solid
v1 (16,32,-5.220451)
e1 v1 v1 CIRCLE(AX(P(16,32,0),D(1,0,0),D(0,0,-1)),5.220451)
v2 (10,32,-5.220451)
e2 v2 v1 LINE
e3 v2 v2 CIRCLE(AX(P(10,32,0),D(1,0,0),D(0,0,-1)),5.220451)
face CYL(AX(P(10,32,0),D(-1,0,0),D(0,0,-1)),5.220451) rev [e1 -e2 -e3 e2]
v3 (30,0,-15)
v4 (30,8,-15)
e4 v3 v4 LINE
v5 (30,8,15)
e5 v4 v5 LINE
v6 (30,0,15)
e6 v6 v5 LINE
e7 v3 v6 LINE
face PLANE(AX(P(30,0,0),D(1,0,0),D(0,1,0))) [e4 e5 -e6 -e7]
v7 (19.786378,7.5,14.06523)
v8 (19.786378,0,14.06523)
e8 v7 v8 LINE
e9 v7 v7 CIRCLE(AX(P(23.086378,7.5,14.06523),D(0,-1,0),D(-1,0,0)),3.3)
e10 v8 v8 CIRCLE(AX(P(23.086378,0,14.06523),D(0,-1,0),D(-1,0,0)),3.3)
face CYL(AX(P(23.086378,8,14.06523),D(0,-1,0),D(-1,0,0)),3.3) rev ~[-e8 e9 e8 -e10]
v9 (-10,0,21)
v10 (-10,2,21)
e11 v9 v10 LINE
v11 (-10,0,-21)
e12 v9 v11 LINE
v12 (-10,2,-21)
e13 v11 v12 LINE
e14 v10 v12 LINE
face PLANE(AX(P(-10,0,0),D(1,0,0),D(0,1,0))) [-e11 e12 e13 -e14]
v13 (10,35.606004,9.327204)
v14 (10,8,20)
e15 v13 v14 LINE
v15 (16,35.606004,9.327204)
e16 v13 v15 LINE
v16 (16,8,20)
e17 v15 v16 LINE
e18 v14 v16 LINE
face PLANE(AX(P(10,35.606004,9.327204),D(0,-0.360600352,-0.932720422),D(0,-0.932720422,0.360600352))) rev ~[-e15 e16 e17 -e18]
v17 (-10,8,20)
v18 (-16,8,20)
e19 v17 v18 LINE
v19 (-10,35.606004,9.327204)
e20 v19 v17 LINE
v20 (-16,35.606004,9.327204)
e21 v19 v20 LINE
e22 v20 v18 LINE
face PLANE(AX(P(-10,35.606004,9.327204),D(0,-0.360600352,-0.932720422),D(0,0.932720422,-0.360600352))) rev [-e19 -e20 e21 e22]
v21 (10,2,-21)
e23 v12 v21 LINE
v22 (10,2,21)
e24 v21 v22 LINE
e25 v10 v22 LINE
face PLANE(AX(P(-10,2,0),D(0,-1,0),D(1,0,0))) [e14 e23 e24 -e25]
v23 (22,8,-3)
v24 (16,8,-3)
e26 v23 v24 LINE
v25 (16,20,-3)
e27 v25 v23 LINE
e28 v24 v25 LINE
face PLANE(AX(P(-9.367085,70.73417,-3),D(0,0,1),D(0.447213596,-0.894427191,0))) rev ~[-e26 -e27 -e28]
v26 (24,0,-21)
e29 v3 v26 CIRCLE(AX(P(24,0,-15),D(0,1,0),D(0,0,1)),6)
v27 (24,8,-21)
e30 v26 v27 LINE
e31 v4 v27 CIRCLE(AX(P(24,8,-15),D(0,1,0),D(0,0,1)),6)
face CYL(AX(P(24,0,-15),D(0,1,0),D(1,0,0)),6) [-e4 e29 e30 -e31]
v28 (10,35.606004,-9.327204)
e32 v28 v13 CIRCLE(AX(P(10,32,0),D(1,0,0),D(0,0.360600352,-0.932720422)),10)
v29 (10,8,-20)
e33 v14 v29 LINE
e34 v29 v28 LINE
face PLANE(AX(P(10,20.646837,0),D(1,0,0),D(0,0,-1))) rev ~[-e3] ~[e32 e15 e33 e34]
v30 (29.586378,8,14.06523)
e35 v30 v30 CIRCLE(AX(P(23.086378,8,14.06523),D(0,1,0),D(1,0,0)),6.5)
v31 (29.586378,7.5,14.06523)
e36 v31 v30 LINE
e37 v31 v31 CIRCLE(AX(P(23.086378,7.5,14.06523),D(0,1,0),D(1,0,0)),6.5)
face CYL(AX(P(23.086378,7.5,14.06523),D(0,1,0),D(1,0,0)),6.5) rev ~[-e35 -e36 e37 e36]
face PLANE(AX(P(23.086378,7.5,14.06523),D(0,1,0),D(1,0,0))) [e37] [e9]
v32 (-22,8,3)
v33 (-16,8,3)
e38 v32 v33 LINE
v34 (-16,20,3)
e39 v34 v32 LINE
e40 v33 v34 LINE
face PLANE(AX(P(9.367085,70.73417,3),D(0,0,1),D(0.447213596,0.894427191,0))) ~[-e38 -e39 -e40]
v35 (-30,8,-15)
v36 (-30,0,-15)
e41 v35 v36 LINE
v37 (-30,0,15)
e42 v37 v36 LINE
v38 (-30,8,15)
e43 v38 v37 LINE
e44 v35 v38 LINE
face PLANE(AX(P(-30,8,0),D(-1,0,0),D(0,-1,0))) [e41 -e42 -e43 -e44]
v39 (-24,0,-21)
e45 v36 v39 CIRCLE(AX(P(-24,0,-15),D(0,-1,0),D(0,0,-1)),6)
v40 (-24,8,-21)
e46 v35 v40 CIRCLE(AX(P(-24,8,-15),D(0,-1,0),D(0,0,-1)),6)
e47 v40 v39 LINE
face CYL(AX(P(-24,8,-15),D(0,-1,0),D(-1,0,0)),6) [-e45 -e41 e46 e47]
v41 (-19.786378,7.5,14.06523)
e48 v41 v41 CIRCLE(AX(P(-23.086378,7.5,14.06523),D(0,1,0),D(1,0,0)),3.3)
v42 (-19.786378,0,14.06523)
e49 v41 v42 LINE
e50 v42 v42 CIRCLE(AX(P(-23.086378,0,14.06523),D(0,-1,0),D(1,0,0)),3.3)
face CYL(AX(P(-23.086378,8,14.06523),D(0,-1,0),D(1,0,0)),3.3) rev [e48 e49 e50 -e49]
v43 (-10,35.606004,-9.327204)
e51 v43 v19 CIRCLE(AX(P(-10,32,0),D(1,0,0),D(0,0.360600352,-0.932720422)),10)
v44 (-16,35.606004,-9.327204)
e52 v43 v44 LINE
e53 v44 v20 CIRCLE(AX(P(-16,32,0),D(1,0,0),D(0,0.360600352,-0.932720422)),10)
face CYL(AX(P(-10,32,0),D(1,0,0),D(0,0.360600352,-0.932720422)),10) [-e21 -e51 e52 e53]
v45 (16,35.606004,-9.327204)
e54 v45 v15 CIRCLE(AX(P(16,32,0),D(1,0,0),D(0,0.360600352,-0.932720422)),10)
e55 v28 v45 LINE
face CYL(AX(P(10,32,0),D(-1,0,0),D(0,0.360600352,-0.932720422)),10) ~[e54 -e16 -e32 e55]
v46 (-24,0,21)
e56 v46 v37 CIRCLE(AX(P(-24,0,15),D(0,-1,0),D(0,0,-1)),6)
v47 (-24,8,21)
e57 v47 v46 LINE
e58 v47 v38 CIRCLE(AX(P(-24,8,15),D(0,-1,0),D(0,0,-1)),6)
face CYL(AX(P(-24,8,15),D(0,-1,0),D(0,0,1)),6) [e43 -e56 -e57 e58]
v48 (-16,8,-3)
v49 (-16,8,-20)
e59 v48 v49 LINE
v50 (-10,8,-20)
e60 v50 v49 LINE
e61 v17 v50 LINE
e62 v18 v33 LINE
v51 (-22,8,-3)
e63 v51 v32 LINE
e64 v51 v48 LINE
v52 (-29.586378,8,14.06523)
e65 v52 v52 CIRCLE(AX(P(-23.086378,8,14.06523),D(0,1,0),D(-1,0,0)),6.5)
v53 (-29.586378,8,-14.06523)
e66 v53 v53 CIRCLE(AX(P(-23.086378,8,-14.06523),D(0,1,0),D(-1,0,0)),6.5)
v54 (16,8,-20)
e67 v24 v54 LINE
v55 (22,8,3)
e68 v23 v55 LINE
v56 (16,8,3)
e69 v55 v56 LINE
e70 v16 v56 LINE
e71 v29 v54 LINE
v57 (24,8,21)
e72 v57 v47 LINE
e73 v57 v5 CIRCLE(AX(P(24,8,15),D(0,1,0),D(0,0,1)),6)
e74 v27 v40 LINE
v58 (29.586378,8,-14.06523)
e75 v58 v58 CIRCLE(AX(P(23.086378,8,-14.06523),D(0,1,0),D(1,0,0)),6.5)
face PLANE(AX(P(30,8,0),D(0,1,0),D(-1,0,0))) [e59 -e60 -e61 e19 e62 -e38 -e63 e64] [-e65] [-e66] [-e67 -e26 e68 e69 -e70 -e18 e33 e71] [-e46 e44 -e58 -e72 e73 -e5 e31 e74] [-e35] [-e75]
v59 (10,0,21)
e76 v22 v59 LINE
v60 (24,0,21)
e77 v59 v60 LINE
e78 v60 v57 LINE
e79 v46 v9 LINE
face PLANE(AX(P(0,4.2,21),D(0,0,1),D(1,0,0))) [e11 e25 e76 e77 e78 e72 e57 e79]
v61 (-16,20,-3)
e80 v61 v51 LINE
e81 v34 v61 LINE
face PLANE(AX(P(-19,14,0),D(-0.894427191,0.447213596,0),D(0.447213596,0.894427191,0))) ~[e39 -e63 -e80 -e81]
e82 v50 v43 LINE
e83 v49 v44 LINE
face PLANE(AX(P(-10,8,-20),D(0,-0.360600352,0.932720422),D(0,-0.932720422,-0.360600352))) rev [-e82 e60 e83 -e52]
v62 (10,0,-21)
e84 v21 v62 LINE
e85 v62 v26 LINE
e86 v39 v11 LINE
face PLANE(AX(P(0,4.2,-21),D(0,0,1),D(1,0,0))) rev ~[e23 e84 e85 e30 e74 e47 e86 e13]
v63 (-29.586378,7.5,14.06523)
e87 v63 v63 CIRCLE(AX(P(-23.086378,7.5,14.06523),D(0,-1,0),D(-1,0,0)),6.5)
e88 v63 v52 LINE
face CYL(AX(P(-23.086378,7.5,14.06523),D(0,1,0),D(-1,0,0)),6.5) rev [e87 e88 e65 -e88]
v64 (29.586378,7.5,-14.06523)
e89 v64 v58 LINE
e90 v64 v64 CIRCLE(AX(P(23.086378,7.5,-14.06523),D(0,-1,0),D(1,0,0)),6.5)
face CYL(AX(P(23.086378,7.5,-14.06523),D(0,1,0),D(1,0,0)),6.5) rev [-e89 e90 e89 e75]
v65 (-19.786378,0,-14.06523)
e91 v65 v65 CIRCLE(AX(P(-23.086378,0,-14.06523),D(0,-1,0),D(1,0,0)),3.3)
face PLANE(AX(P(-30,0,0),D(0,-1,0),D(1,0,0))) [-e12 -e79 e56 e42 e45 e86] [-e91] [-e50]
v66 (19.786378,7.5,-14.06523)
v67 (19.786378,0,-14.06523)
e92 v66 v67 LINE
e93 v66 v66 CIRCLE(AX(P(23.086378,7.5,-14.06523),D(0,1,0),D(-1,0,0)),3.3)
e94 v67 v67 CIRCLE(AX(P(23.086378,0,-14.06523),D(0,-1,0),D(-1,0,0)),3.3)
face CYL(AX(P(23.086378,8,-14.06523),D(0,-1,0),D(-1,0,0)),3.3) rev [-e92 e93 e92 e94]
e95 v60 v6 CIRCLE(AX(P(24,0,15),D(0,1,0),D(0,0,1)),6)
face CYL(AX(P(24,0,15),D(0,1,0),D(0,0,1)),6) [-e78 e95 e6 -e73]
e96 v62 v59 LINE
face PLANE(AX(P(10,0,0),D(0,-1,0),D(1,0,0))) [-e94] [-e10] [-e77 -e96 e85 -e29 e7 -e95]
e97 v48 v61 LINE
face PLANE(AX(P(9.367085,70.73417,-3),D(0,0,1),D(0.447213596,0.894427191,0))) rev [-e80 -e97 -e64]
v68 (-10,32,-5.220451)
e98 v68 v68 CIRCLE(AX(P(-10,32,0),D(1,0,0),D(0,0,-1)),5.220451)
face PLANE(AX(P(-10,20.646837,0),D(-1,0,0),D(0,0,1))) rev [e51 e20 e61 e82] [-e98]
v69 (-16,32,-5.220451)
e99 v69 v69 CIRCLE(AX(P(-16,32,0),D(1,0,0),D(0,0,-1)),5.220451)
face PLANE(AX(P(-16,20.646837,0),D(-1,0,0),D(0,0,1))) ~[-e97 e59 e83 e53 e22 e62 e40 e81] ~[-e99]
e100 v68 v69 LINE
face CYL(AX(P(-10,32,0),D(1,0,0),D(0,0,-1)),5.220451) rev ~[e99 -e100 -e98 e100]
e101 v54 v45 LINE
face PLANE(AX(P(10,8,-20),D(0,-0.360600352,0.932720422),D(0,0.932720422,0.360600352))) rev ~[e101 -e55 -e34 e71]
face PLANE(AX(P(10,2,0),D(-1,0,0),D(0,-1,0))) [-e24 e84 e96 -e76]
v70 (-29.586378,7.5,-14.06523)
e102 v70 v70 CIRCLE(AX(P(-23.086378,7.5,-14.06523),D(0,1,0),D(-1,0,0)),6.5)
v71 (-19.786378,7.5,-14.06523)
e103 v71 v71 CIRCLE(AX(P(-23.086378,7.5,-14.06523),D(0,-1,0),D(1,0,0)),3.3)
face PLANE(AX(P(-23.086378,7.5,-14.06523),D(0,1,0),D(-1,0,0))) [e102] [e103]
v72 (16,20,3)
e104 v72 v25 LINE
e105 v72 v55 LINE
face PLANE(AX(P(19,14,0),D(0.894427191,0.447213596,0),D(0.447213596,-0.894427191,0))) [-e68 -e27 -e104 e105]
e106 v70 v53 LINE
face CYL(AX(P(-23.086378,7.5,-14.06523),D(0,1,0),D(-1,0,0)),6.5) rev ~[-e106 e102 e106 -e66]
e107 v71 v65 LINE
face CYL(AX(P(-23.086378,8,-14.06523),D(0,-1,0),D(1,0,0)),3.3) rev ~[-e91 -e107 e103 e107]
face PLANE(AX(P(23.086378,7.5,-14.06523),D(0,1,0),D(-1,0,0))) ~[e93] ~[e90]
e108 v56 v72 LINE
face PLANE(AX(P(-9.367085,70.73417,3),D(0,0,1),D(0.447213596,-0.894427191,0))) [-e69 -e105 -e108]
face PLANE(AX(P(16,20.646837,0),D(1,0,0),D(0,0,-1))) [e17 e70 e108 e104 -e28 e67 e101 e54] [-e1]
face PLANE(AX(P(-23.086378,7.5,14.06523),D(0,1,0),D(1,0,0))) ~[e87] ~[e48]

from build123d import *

# Parameters (mm, degrees)
EXTRUDE_1_DEPTH             = 21
EXTRUDE_START               = 4
SKETCH_2_R                  = 5.220451321
EXTRUDE_3_DEPTH             = 6
RIB_1_REACH                 = 57.723
SKETCH_6_WALL_W             = 126.861461592
SKETCH_6_WALL_H             = 6
FILLET_1_R                  = 6
FILLET_2_R                  = 6
HOLE_WIZARD_C_3_D           = 6.6
HOLE_WIZARD_C_3_CBORE_D     = 13
HOLE_WIZARD_C_3_CBORE_DEPTH = 0.5
FILLET_3_R                  = 6
FILLET_4_R                  = 6
MIRROR_6_COPY_1_D           = 6.6
MIRROR_6_COPY_1_CBORE_D     = 13
MIRROR_6_COPY_1_CBORE_DEPTH = 0.5
MIRROR_6_COPY_2_D           = 6.6
MIRROR_6_COPY_2_CBORE_D     = 13
MIRROR_6_COPY_2_CBORE_DEPTH = 0.5


with BuildPart() as part:
    # 草图1 → 凸台-拉伸1 (new, symmetric)
    with BuildSketch(Plane.XY):
        Polygon((-10, 2), (10, 2), (10, 0), (30, 0), (30, 8), (-30, 8), (-30, 0), (-10, 0), align=None)
    extrude(amount=EXTRUDE_1_DEPTH, both=True)

    # 草图2 → 凸台-拉伸3 (add)
    with BuildSketch(Plane(origin=(6, 0, 0), x_dir=(0, 0, -1), z_dir=(1, 0, 0)).offset(EXTRUDE_START)):
        with BuildLine():
            Line((-20, 8), (20, 8))
            Line((20, 8), (9.327204223, 35.606003519))
            ThreePointArc((9.327204223, 35.606003519), (0, 42), (-9.327204223, 35.606003519))
            Line((-9.327204223, 35.606003519), (-20, 8))
        make_face()
        with Locations((0, 32)):
            Circle(SKETCH_2_R, mode=Mode.SUBTRACT)
    extrude_3 = extrude(amount=EXTRUDE_3_DEPTH)

    # 草图6 wall → 筋1 (add, up to next)
    with BuildSketch(Plane(origin=(19, 14, 0), x_dir=(0.4472135955, -0.894427191, 0), z_dir=(0.894427191, 0.4472135955, 0)), mode=Mode.PRIVATE) as rib_1_sk1:
        Rectangle(SKETCH_6_WALL_W, SKETCH_6_WALL_H)
    rib_1_tool1 = extrude(rib_1_sk1.sketch, amount=-RIB_1_REACH, mode=Mode.PRIVATE) - part.part
    rib_1 = rib_1_tool1.solids().sort_by_distance((19, 14, 0))[0]
    add(rib_1)

    # 圆角1
    fillet_1_edges = [part.edges().sort_by_distance(p)[0] for p in [
        (30, 4, 21),
    ]]
    fillet(fillet_1_edges, radius=FILLET_1_R)

    # 圆角2
    fillet_2_edges = [part.edges().sort_by_distance(p)[0] for p in [
        (30, 4, -21),
    ]]
    fillet(fillet_2_edges, radius=FILLET_2_R)

    # 打孔尺寸(%根据六角头螺)栓 C 级的类型3 (through all)
    with Locations(Plane(origin=(0, 8, 0), x_dir=(1, 0, 0), z_dir=(0, 1, 0))):
        with Locations((23.086377714, -14.06523012)):
            hole_wizard_c_3 = CounterBoreHole(HOLE_WIZARD_C_3_D / 2, HOLE_WIZARD_C_3_CBORE_D / 2, HOLE_WIZARD_C_3_CBORE_DEPTH)

    # 镜向1: 凸台-拉伸3, 筋1, 打孔尺寸(%根据六角头螺)栓 C 级的类型3 across plane
    add(extrude_3.mirror(Plane(origin=(0, 0, 0), x_dir=(0, 0, 1), z_dir=(1, 0, 0))))
    add(rib_1.mirror(Plane(origin=(0, 0, 0), x_dir=(0, 0, 1), z_dir=(1, 0, 0))))
    add(hole_wizard_c_3.mirror(Plane(origin=(0, 0, 0), x_dir=(0, 0, 1), z_dir=(1, 0, 0))), mode=Mode.SUBTRACT)

    # 圆角3
    fillet_3_edges = [part.edges().sort_by_distance(p)[0] for p in [
        (-30, 4, 21),
    ]]
    fillet(fillet_3_edges, radius=FILLET_3_R)

    # 圆角4
    fillet_4_edges = [part.edges().sort_by_distance(p)[0] for p in [
        (-30, 4, -21),
    ]]
    fillet(fillet_4_edges, radius=FILLET_4_R)

    # 镜向2: 打孔尺寸(%根据六角头螺)栓 C 级的类型3 across plane
    add(hole_wizard_c_3.mirror(Plane.XY), mode=Mode.SUBTRACT)

    # 镜向6 copy 1 (through all)
    with Locations(Plane(origin=(0, 8, 0), x_dir=(-1, 0, 0), z_dir=(0, 1, 0))):
        with Locations((23.086377714, -14.06523012)):
            CounterBoreHole(MIRROR_6_COPY_1_D / 2, MIRROR_6_COPY_1_CBORE_D / 2, MIRROR_6_COPY_1_CBORE_DEPTH)

    # 镜向6 copy 2 (through all)
    with Locations(Plane(origin=(0, 8, 0), x_dir=(-1, 0, 0), z_dir=(0, 1, 0))):
        with Locations((23.086377714, 14.06523012)):
            CounterBoreHole(MIRROR_6_COPY_2_D / 2, MIRROR_6_COPY_2_CBORE_D / 2, MIRROR_6_COPY_2_CBORE_DEPTH)


solid = part.part
